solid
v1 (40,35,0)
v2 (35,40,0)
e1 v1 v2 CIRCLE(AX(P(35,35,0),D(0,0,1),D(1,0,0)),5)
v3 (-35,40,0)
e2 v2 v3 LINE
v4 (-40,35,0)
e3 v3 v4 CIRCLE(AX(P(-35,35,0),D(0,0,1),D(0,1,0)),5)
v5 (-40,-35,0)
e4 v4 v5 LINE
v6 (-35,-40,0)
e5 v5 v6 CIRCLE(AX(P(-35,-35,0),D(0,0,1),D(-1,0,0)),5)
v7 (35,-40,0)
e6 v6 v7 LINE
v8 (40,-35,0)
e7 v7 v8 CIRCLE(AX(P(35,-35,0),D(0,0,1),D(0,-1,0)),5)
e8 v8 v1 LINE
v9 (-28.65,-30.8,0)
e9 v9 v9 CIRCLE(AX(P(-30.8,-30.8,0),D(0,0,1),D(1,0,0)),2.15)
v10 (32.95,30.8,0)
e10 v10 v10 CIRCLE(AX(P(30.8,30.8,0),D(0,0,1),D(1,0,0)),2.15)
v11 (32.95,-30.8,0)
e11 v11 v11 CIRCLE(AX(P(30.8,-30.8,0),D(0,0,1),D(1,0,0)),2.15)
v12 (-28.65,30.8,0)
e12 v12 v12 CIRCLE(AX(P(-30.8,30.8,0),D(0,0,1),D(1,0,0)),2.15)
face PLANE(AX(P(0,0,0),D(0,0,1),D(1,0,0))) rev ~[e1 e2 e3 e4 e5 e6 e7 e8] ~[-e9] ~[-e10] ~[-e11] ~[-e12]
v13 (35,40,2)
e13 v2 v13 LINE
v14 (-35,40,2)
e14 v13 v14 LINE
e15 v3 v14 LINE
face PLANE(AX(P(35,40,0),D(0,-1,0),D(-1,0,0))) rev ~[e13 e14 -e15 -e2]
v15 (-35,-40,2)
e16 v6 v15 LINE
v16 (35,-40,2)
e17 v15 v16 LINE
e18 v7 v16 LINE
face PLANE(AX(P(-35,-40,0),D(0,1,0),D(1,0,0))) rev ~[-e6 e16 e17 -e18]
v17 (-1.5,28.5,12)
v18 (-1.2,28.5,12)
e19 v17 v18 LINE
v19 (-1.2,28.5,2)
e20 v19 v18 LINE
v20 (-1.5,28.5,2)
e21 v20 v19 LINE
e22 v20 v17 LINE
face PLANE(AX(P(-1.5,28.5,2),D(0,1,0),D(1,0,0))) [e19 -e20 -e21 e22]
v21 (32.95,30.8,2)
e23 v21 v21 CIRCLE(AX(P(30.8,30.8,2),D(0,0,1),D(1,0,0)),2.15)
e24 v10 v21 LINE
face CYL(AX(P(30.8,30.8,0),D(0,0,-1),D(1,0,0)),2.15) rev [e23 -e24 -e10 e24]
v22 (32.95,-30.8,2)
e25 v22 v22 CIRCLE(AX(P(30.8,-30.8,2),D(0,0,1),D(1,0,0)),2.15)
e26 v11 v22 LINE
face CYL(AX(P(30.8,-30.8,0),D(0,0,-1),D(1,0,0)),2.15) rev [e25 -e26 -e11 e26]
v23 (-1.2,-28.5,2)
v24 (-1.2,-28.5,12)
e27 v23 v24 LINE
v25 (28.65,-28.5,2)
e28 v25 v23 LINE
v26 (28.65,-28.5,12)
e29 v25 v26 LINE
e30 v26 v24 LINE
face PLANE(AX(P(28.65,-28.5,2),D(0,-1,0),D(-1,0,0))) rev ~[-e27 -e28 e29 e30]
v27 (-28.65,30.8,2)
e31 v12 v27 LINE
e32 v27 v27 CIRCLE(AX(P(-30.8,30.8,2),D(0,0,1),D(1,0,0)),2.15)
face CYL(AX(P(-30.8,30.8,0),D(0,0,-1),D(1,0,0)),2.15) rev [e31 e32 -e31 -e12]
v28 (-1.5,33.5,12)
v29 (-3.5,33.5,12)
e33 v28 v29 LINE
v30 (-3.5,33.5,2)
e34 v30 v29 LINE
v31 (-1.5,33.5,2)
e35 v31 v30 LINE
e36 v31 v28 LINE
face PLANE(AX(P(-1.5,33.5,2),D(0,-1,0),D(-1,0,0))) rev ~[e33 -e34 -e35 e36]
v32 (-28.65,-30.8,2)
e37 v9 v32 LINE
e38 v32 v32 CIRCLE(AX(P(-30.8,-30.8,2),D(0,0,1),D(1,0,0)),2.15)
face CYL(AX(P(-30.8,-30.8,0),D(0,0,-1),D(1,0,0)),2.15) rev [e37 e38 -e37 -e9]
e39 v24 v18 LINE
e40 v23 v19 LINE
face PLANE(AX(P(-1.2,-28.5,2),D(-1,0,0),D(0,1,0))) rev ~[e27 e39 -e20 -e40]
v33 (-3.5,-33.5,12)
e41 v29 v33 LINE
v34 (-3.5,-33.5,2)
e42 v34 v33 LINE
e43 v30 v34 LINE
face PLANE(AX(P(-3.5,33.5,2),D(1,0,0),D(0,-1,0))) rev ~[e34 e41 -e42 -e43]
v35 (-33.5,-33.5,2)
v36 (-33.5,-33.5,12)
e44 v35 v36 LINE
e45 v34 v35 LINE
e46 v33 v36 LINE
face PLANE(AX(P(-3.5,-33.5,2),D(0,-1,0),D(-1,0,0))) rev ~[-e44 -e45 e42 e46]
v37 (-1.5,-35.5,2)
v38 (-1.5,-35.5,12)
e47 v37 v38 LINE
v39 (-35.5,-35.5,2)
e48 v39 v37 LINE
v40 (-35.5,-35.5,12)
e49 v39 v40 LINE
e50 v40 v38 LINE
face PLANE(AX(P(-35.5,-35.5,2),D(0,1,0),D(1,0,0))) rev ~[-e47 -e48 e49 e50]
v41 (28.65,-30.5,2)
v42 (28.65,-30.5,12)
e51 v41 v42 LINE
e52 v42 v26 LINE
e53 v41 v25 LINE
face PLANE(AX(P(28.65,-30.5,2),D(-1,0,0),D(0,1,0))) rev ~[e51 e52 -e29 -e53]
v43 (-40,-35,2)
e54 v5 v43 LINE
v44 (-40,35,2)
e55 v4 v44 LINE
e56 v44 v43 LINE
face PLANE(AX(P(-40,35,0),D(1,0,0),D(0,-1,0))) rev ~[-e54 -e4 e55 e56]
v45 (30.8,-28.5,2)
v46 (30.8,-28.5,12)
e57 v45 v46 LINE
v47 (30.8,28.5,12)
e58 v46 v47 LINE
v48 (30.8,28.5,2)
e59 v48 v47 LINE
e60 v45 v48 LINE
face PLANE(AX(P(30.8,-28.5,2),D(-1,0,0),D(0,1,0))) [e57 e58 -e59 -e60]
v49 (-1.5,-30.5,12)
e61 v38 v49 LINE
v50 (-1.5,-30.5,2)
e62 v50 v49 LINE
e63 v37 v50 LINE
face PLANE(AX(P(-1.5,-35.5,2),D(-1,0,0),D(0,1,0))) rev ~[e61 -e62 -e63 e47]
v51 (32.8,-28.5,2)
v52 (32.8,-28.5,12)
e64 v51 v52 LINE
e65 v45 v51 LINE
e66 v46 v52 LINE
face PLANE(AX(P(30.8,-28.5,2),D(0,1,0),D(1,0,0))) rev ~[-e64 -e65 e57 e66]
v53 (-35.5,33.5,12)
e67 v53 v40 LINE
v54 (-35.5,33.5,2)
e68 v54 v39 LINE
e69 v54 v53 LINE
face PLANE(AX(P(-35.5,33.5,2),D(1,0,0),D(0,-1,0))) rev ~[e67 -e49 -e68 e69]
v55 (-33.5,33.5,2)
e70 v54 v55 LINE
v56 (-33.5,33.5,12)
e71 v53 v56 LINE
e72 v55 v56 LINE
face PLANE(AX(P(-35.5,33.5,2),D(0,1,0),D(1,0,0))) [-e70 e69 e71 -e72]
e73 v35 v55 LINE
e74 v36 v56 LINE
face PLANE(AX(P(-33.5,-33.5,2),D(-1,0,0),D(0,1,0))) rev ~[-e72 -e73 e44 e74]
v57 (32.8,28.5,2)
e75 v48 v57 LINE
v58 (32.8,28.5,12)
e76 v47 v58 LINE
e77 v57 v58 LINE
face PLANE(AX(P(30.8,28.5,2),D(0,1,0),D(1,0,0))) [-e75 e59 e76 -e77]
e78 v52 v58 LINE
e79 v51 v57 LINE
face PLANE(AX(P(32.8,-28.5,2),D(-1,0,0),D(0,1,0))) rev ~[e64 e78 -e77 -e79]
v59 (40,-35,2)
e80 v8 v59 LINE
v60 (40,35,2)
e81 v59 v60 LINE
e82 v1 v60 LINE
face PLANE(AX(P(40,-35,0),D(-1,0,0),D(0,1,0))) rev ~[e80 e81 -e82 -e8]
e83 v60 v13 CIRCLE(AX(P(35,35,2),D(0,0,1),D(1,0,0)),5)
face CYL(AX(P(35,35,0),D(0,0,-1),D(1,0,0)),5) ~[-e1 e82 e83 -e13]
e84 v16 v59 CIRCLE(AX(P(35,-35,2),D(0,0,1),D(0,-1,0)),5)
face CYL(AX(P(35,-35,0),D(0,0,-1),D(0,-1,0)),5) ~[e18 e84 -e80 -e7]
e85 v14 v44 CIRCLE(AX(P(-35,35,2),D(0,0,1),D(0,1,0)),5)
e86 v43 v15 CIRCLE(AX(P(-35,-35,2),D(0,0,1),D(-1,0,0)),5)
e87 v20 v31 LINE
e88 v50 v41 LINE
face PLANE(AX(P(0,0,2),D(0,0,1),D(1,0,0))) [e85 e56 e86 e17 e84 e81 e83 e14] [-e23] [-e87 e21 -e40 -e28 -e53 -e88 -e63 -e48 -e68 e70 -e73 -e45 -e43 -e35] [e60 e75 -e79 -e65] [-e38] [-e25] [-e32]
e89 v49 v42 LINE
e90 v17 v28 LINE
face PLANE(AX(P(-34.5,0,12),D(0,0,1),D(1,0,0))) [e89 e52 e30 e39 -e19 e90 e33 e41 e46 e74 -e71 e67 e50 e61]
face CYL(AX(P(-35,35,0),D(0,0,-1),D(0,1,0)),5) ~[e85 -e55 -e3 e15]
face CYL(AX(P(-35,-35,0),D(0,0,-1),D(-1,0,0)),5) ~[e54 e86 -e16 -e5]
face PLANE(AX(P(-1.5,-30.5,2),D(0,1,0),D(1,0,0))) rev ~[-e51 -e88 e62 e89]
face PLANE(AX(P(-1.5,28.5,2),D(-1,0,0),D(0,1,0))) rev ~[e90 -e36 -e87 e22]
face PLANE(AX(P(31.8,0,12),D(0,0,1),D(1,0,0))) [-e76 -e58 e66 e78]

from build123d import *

# Parameters (mm, degrees)
F0_R     = 2.15
F0_R_2   = 1.65
F1_DEPTH = 2
F2_W     = 2
F2_H     = 67
F2_H_2   = 57
F2_W_2   = 0.3
F3_DEPTH = 10


with BuildPart() as f1:
    # F0 (on Top) → F1 (new body)
    with BuildSketch(Plane.XY):
        with BuildLine():
            Line((-35, -40), (35, -40))
            ThreePointArc((35, -40), (38.5355339059, -38.5355339059), (40, -35))
            Line((40, -35), (40, 35))
            ThreePointArc((40, 35), (38.5355339059, 38.5355339059), (35, 40))
            Line((35, 40), (-35, 40))
            ThreePointArc((-35, 40), (-38.5355339059, 38.5355339059), (-40, 35))
            Line((-40, 35), (-40, -35))
            ThreePointArc((-40, -35), (-38.5355339059, -38.5355339059), (-35, -40))
        make_face()
        with Locations((-30.8, -30.8)):
            Circle(F0_R, mode=Mode.SUBTRACT)
        with Locations((30.8, -30.8)):
            Circle(F0_R, mode=Mode.SUBTRACT)
        with Locations((0, -20)):
            Circle(F0_R_2, mode=Mode.SUBTRACT)
        with Locations((-20, 0)):
            Circle(F0_R_2, mode=Mode.SUBTRACT)
        with Locations((-30.8, 30.8)):
            Circle(F0_R, mode=Mode.SUBTRACT)
        with Locations((20, 0)):
            Circle(F0_R_2, mode=Mode.SUBTRACT)
        with Locations((0, 20)):
            Circle(F0_R_2, mode=Mode.SUBTRACT)
        with Locations((30.8, 30.8)):
            Circle(F0_R, mode=Mode.SUBTRACT)
        with Locations((-20, 0)):
            Circle(F0_R_2)
        with Locations((0, -20)):
            Circle(F0_R_2)
        with Locations((20, 0)):
            Circle(F0_R_2)
        with Locations((0, 20)):
            Circle(F0_R_2)
    extrude(amount=F1_DEPTH)

    # F2 (on face) → F3 (join)
    with BuildSketch(Plane.XY.offset(2)):
        with Locations((-34.5, 0)):
            Rectangle(F2_W, F2_H)
        with Locations((31.8, 0)):
            Rectangle(F2_W, F2_H_2)
        Polygon((-3.5, -33.5), (-33.5, -33.5), (-35.5, -33.5), (-35.5, -35.5), (-3.5, -35.5), align=None)
        Polygon((-3.5, 33.5), (-3.5, -33.5), (-3.5, -35.5), (-1.5, -35.5), (-1.5, -30.5), (-1.5, -28.5), (-1.5, 28.5), (-1.5, 33.5), align=None)
        Polygon((-1.5, -28.5), (-1.5, -30.5), (28.65, -30.5), (28.65, -28.5), (-1.2, -28.5), align=None)
        with Locations((-1.35, 0)):
            Rectangle(F2_W_2, F2_H_2)
    extrude(amount=F3_DEPTH)


solid = f1.part
